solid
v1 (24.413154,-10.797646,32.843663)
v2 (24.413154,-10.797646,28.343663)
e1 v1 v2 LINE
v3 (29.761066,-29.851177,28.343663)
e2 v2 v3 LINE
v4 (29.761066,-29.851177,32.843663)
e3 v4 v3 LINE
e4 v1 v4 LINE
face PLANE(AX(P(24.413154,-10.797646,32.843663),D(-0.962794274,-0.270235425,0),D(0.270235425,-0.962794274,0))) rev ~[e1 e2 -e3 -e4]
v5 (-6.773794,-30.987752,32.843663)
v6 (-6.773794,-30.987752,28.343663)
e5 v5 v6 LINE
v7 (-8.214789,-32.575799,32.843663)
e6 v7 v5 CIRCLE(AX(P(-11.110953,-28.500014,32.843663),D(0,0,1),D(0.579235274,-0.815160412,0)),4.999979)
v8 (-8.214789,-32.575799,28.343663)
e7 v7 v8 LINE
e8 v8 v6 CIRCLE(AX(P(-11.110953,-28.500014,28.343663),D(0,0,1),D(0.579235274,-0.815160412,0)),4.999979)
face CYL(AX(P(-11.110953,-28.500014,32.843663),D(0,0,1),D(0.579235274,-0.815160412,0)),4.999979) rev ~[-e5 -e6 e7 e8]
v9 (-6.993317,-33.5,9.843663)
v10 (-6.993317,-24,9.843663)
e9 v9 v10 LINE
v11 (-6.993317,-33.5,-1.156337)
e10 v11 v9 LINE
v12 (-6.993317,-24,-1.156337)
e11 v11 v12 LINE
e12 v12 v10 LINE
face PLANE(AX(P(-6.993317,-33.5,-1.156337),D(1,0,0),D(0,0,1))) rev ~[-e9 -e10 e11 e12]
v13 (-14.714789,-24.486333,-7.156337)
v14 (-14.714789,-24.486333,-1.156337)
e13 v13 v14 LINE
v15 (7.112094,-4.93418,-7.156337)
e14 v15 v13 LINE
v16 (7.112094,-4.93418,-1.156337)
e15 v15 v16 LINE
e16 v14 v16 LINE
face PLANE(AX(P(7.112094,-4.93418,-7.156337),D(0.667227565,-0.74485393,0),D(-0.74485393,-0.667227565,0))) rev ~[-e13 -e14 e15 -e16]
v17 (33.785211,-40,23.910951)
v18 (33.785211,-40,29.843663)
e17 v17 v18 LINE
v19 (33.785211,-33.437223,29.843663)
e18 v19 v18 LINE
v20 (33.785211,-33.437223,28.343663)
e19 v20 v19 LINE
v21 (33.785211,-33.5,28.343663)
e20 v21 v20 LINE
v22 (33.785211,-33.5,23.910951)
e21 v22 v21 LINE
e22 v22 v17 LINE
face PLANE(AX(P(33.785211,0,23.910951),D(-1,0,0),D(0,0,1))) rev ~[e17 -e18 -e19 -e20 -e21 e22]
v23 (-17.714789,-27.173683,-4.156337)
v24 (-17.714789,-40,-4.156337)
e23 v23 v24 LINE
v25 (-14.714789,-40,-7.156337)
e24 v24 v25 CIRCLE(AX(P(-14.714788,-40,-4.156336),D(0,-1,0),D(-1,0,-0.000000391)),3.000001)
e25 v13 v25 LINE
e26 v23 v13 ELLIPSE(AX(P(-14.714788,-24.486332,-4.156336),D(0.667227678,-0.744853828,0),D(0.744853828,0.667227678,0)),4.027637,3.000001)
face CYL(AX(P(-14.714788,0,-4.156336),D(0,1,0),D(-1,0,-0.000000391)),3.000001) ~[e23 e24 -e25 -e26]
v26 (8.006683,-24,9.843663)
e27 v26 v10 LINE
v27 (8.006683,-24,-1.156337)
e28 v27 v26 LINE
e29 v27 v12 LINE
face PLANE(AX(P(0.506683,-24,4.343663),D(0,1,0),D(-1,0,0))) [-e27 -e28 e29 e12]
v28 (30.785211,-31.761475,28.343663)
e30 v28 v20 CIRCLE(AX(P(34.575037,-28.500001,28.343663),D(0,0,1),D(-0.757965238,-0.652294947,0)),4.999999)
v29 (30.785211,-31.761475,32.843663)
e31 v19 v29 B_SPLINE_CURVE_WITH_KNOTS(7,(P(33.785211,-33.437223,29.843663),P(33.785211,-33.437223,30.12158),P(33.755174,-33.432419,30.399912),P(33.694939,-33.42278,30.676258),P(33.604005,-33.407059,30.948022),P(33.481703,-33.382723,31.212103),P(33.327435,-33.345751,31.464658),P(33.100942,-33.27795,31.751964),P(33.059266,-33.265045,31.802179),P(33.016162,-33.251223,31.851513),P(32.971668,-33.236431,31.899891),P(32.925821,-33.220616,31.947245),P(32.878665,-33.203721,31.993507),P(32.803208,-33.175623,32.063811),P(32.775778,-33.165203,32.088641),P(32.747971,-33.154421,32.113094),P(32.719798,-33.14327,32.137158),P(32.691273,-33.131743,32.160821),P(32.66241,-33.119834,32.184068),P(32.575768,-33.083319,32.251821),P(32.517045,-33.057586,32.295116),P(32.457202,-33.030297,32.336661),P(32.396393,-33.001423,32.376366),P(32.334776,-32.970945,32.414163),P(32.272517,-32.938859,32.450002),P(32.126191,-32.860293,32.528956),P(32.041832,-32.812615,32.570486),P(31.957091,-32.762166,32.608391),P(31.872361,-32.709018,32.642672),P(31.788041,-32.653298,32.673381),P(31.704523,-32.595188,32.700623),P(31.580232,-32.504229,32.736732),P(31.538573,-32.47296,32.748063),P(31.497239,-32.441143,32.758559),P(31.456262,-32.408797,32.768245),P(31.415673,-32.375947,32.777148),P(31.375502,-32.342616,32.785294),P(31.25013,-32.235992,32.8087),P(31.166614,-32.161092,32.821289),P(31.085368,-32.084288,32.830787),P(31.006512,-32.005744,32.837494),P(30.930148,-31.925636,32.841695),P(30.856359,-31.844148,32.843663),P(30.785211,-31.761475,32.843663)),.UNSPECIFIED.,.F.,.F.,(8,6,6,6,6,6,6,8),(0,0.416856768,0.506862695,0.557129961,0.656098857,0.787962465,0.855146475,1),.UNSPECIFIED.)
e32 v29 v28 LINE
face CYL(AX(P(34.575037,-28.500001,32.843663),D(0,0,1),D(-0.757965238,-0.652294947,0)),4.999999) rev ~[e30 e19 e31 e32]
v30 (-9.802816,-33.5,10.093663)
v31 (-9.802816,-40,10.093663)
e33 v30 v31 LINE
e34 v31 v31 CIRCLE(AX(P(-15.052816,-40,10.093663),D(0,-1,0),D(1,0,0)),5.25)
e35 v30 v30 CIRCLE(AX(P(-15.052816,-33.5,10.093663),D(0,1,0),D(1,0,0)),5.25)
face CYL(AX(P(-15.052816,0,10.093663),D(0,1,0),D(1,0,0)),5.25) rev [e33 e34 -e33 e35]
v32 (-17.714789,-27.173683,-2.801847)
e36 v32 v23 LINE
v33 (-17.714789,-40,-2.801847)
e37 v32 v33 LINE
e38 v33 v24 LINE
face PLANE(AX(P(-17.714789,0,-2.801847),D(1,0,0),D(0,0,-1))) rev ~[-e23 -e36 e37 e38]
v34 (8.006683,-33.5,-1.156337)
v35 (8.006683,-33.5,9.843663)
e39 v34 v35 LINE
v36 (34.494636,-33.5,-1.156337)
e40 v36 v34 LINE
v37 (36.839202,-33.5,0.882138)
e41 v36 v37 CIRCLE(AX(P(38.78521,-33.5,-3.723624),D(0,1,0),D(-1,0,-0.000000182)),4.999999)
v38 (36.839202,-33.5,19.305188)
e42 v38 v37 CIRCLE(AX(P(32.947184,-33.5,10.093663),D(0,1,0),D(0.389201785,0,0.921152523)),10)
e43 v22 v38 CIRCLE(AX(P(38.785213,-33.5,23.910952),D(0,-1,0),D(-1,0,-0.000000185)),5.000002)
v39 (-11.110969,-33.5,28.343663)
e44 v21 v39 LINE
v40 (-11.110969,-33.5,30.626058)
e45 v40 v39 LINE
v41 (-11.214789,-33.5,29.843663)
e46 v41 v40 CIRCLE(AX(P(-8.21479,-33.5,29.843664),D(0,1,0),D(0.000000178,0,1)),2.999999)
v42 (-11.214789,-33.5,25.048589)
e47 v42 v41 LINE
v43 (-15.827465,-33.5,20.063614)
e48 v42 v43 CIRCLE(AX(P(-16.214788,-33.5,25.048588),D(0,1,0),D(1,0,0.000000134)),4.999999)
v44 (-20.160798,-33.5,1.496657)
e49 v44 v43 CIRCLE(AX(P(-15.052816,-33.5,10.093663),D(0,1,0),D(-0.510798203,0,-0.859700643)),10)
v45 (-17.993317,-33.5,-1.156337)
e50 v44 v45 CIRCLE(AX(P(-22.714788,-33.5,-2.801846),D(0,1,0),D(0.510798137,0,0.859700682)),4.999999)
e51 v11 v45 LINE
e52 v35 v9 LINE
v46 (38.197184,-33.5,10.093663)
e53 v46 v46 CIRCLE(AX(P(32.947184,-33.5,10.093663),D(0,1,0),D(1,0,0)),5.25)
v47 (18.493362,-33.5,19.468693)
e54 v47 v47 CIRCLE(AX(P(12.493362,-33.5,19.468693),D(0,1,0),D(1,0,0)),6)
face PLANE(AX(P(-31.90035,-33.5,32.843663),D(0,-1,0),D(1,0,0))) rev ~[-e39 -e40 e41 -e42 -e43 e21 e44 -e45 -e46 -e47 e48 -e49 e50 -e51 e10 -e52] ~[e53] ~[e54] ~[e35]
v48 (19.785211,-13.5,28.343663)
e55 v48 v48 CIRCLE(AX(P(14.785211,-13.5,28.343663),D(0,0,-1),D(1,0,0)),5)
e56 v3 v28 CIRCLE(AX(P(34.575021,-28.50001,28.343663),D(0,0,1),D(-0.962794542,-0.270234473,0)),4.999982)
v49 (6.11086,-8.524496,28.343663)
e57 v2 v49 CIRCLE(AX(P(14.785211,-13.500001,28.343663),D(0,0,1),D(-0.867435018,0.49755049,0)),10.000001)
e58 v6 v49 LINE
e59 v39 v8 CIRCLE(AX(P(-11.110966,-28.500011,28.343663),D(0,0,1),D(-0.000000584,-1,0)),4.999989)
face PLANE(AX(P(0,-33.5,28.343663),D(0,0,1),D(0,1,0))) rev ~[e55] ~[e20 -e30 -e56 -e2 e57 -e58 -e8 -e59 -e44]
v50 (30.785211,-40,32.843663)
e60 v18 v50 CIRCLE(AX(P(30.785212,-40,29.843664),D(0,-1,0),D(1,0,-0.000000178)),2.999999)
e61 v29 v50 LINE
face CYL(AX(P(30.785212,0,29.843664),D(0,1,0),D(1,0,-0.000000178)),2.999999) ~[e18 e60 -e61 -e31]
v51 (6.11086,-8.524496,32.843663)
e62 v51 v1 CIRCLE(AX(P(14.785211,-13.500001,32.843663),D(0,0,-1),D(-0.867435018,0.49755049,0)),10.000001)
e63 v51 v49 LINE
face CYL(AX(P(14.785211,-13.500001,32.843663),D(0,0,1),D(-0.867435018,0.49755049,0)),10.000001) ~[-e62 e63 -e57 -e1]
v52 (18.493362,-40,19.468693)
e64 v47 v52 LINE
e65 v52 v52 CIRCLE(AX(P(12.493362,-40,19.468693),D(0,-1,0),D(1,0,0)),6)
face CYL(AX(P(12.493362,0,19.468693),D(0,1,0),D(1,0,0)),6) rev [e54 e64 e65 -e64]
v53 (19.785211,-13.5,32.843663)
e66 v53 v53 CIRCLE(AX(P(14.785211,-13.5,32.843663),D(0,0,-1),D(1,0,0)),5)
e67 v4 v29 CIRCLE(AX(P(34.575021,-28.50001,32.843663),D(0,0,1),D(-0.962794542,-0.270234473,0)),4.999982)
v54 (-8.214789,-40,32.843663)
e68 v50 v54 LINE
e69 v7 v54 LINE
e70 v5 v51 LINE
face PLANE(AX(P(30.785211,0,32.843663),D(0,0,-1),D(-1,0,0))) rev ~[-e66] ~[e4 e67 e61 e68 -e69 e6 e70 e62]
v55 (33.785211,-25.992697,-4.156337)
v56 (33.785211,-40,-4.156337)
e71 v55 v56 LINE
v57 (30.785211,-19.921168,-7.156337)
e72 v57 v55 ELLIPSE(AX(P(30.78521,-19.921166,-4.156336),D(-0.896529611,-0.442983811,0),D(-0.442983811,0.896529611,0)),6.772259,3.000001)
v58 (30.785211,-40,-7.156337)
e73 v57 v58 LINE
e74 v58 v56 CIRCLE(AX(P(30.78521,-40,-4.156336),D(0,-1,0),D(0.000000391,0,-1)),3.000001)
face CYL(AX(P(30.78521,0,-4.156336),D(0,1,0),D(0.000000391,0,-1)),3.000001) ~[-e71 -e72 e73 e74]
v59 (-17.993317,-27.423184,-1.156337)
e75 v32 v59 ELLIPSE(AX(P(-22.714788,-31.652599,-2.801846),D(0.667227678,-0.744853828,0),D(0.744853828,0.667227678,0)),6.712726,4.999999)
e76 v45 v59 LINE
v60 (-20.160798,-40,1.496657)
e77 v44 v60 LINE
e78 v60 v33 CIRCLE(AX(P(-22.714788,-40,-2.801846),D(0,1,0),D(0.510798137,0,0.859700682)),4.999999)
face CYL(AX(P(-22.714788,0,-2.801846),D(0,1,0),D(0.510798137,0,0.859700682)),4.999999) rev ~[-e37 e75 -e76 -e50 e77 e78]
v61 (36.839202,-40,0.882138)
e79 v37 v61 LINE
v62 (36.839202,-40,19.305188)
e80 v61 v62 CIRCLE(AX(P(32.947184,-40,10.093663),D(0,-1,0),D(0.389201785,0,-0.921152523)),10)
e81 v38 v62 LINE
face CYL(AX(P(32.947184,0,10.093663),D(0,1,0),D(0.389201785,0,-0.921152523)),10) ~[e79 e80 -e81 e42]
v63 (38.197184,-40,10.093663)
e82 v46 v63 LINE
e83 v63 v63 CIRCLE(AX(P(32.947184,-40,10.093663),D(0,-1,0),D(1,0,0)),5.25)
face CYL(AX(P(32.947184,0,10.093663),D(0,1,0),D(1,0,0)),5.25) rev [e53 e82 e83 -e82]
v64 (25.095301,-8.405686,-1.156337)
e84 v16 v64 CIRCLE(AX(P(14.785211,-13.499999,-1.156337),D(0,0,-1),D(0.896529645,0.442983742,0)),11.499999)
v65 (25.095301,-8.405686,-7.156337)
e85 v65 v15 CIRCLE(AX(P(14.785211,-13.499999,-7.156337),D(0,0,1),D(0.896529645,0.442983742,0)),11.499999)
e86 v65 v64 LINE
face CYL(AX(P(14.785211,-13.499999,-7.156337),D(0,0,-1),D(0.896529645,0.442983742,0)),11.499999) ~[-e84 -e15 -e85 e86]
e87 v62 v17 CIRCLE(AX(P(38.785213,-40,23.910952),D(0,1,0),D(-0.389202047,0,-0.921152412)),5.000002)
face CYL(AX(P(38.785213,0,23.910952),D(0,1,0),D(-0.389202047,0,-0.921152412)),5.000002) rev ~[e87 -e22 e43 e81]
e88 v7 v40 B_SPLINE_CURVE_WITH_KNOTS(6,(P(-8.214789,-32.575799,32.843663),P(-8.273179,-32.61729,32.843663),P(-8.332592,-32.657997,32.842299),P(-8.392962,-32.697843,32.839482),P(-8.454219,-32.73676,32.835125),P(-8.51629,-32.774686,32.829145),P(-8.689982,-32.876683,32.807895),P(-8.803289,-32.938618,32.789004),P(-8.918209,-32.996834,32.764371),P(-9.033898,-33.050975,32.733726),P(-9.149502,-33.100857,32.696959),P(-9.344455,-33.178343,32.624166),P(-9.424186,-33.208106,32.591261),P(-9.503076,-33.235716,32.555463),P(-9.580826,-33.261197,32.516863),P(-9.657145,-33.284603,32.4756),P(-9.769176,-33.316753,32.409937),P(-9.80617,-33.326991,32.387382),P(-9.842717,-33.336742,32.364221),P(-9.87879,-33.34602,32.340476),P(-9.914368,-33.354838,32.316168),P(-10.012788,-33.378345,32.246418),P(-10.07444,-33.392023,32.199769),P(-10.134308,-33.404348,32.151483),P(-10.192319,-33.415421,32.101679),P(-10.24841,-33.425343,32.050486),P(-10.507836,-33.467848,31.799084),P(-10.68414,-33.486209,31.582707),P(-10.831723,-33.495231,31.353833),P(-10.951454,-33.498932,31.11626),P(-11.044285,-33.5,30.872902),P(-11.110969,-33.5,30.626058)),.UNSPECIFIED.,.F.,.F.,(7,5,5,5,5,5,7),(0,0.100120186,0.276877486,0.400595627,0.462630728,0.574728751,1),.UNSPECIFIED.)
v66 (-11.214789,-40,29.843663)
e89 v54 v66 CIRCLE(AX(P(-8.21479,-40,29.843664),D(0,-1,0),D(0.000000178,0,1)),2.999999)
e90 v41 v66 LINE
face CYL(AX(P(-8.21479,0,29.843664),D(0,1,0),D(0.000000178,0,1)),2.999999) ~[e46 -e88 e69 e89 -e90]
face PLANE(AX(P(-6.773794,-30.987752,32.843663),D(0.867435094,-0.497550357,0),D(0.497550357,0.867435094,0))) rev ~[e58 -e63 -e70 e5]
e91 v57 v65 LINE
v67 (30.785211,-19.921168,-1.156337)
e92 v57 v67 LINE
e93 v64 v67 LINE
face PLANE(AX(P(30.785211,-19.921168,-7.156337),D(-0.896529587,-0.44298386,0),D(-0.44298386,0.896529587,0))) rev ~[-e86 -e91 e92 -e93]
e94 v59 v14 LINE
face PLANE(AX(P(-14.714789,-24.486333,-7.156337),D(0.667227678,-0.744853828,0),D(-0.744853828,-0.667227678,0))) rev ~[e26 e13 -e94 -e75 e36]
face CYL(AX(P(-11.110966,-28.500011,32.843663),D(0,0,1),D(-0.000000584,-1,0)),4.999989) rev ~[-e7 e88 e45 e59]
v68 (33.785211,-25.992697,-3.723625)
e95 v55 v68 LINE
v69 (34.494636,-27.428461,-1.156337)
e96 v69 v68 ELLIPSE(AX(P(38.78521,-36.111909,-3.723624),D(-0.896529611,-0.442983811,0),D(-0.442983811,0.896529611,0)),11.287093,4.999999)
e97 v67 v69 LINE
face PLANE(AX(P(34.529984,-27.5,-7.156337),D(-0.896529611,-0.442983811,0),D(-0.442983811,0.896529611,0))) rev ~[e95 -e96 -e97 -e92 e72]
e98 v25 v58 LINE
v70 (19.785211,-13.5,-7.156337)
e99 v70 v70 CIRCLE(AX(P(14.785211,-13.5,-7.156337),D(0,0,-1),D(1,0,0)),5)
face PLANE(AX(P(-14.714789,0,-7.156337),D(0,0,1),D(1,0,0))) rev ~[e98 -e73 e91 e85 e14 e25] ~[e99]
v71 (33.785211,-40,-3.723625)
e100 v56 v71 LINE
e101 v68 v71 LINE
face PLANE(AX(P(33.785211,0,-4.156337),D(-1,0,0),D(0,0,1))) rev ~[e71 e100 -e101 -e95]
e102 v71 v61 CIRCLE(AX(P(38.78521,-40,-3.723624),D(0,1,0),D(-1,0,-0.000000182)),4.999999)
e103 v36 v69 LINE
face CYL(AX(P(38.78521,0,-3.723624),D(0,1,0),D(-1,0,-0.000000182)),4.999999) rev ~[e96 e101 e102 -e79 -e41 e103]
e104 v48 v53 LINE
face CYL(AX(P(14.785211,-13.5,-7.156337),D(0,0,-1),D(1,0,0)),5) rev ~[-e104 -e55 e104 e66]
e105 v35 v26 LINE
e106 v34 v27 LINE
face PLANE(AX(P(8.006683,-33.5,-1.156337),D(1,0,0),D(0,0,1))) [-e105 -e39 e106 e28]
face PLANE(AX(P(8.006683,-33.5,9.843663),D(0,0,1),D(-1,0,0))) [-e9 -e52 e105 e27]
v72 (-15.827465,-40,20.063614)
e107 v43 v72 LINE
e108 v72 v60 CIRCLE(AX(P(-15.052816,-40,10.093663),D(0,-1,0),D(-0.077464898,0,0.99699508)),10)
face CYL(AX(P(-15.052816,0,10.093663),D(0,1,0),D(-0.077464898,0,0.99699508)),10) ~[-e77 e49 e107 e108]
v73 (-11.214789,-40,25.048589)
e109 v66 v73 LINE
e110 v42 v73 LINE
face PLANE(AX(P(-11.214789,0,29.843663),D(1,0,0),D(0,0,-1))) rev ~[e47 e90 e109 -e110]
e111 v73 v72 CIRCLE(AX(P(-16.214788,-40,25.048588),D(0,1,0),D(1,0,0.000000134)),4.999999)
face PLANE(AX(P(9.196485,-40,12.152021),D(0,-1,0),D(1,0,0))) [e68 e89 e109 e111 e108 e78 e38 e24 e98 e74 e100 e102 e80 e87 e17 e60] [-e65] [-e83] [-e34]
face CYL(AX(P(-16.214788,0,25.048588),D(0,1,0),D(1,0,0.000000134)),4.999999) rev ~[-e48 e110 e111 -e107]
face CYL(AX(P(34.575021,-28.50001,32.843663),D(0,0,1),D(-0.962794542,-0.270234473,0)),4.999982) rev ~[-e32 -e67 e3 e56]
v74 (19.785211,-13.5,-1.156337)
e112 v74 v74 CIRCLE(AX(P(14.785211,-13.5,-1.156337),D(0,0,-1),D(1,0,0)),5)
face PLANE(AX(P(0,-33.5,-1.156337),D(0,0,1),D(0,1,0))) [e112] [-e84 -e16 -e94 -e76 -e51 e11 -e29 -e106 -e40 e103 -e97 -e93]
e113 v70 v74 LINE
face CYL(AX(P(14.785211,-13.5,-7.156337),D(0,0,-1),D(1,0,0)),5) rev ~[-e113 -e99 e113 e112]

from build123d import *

# Parameters (mm, degrees)
F0_R      = 5.25
F0_R_2    = 6
F1_DEPTH  = 40
F2_W      = 50
F2_H      = 29.5
F3_DEPTH  = 100
F4_DEPTH  = 100
F5_R      = 5
F6_DEPTH  = 50
F8_DEPTH  = 15
F10_DEPTH = 15
F11_W     = 15
F11_H     = 11
F12_DEPTH = 9.5


with BuildPart() as f1:
    # F0 (on Front) → F1 (new body)
    with BuildSketch(Plane.XZ):
        with BuildLine():
            Line((30.785211, 32.843663), (-8.214789, 32.843663))
            ThreePointArc((-8.214789, 32.843663), (-10.336109, 31.964984), (-11.214789, 29.843663))
            Line((-11.214789, 29.843663), (-11.214789, 25.048589))
            ThreePointArc((-11.214789, 25.048589), (-12.544869, 21.652755), (-15.827465, 20.063614))
            ThreePointArc((-15.827465, 20.063614), (-24.791107, 12.366478), (-20.160798, 1.496657))
            ThreePointArc((-20.160798, 1.496657), (-18.369104, -0.328989), (-17.714789, -2.801847))
            Line((-17.714789, -2.801847), (-17.714789, -4.156337))
            ThreePointArc((-17.714789, -4.156337), (-16.836109, -6.277657), (-14.714789, -7.156337))
            Line((-14.714789, -7.156337), (30.785211, -7.156337))
            ThreePointArc((30.785211, -7.156337), (32.906531, -6.277657), (33.785211, -4.156337))
            Line((33.785211, -4.156337), (33.785211, -3.723625))
            ThreePointArc((33.785211, -3.723625), (34.618075, -0.960478), (36.839202, 0.882138))
            ThreePointArc((36.839202, 0.882138), (42.947184, 10.093663), (36.839202, 19.305188))
            ThreePointArc((36.839202, 19.305188), (34.618075, 21.147805), (33.785211, 23.910951))
            Line((33.785211, 23.910951), (33.785211, 29.843663))
            ThreePointArc((33.785211, 29.843663), (32.906531, 31.964984), (30.785211, 32.843663))
        make_face()
        with Locations((-15.052816, 10.093663)):
            Circle(F0_R, mode=Mode.SUBTRACT)
        with Locations((32.947184, 10.093663)):
            Circle(F0_R, mode=Mode.SUBTRACT)
        with Locations((12.493362, 19.468693)):
            Circle(F0_R_2, mode=Mode.SUBTRACT)
    extrude(amount=F1_DEPTH)

    # F2 (on Right) → F3 (cut)
    with BuildSketch(Plane.YZ):
        with Locations((-8.5, 13.593663)):
            Rectangle(F2_W, F2_H)
    extrude(amount=-F3_DEPTH, mode=Mode.SUBTRACT)

    # F2 (on Right) → F4 (cut)
    with BuildSketch(Plane.YZ):
        with Locations((-8.5, 13.593663)):
            Rectangle(F2_W, F2_H)
    extrude(amount=F4_DEPTH, mode=Mode.SUBTRACT)

    # F5 (on face) → F6 (cut)
    with BuildSketch(Plane(origin=(0, 0, -7.156337), x_dir=(1, 0, 0), z_dir=(0, 0, -1))):
        with Locations((14.785211, 13.5)):
            Circle(F5_R)
    extrude(amount=-F6_DEPTH, mode=Mode.SUBTRACT)

    # F7 (on face) → F8 (cut)
    with BuildSketch(Plane(origin=(0, 0, -7.156337), x_dir=(1, 0, 0), z_dir=(0, 0, -1))):
        with BuildLine():
            ThreePointArc((25.095301, 8.405686), (16.964946, 2.208465), (7.112094, 4.93418))
            Line((7.112094, 4.93418), (-14.714789, 24.486333))
            Line((-14.714789, 24.486333), (-14.714789, 0))
            Line((-14.714789, 0), (30.785211, 0))
            Line((30.785211, 0), (30.785211, 19.921168))
            Line((30.785211, 19.921168), (25.095301, 8.405686))
        make_face()
        Polygon((-14.714789, 0), (-14.714789, 24.486333), (-18.07907, 27.5), (-24.334732, 27.5), (-24.334732, -4.176865), (44.914905, -4.176865), (44.914905, 27.5), (34.529984, 27.5), (30.785211, 19.921168), (30.785211, 0), align=None)
    extrude(amount=-F8_DEPTH, mode=Mode.SUBTRACT)

    # F9 (on face) → F10 (cut)
    with BuildSketch(Plane.XY.offset(32.843663)):
        with BuildLine():
            ThreePointArc((6.11086, -8.524496), (16.017743, -3.576248), (24.413154, -10.797646))
            Line((24.413154, -10.797646), (29.761066, -29.851177))
            ThreePointArc((29.761066, -29.851177), (30.168378, -30.86249), (30.785211, -31.761475))
            Line((30.785211, -31.761475), (30.785211, 0))
            Line((30.785211, 0), (-8.214789, 0))
            Line((-8.214789, 0), (-8.214789, -32.575799))
            ThreePointArc((-8.214789, -32.575799), (-7.408155, -31.859936), (-6.773794, -30.987752))
            Line((-6.773794, -30.987752), (6.11086, -8.524496))
        make_face()
        with BuildLine():
            Line((30.785211, 0), (30.785211, -31.761475))
            ThreePointArc((30.785211, -31.761475), (32.490256, -33.044633), (34.575037, -33.5))
            Line((34.575037, -33.5), (55.997241, -33.5))
            Line((55.997241, -33.5), (49.117599, 6.79242))
            Line((49.117599, 6.79242), (-12.63734, 6.79242))
            Line((-12.63734, 6.79242), (-31.90035, -33.5))
            Line((-31.90035, -33.5), (-11.110969, -33.5))
            ThreePointArc((-11.110969, -33.5), (-9.590936, -33.26335), (-8.214789, -32.575799))
            Line((-8.214789, -32.575799), (-8.214789, 0))
            Line((-8.214789, 0), (30.785211, 0))
        make_face()
    extrude(amount=-F10_DEPTH, mode=Mode.SUBTRACT)

    # F11 (on face) → F12 (join)
    with BuildSketch(Plane(origin=(0, -33.5, 0), x_dir=(-1, 0, 0), z_dir=(0, 1, 0))):
        with Locations((-0.506683, 4.343663)):
            Rectangle(F11_W, F11_H)
    extrude(amount=F12_DEPTH)


solid = f1.part
